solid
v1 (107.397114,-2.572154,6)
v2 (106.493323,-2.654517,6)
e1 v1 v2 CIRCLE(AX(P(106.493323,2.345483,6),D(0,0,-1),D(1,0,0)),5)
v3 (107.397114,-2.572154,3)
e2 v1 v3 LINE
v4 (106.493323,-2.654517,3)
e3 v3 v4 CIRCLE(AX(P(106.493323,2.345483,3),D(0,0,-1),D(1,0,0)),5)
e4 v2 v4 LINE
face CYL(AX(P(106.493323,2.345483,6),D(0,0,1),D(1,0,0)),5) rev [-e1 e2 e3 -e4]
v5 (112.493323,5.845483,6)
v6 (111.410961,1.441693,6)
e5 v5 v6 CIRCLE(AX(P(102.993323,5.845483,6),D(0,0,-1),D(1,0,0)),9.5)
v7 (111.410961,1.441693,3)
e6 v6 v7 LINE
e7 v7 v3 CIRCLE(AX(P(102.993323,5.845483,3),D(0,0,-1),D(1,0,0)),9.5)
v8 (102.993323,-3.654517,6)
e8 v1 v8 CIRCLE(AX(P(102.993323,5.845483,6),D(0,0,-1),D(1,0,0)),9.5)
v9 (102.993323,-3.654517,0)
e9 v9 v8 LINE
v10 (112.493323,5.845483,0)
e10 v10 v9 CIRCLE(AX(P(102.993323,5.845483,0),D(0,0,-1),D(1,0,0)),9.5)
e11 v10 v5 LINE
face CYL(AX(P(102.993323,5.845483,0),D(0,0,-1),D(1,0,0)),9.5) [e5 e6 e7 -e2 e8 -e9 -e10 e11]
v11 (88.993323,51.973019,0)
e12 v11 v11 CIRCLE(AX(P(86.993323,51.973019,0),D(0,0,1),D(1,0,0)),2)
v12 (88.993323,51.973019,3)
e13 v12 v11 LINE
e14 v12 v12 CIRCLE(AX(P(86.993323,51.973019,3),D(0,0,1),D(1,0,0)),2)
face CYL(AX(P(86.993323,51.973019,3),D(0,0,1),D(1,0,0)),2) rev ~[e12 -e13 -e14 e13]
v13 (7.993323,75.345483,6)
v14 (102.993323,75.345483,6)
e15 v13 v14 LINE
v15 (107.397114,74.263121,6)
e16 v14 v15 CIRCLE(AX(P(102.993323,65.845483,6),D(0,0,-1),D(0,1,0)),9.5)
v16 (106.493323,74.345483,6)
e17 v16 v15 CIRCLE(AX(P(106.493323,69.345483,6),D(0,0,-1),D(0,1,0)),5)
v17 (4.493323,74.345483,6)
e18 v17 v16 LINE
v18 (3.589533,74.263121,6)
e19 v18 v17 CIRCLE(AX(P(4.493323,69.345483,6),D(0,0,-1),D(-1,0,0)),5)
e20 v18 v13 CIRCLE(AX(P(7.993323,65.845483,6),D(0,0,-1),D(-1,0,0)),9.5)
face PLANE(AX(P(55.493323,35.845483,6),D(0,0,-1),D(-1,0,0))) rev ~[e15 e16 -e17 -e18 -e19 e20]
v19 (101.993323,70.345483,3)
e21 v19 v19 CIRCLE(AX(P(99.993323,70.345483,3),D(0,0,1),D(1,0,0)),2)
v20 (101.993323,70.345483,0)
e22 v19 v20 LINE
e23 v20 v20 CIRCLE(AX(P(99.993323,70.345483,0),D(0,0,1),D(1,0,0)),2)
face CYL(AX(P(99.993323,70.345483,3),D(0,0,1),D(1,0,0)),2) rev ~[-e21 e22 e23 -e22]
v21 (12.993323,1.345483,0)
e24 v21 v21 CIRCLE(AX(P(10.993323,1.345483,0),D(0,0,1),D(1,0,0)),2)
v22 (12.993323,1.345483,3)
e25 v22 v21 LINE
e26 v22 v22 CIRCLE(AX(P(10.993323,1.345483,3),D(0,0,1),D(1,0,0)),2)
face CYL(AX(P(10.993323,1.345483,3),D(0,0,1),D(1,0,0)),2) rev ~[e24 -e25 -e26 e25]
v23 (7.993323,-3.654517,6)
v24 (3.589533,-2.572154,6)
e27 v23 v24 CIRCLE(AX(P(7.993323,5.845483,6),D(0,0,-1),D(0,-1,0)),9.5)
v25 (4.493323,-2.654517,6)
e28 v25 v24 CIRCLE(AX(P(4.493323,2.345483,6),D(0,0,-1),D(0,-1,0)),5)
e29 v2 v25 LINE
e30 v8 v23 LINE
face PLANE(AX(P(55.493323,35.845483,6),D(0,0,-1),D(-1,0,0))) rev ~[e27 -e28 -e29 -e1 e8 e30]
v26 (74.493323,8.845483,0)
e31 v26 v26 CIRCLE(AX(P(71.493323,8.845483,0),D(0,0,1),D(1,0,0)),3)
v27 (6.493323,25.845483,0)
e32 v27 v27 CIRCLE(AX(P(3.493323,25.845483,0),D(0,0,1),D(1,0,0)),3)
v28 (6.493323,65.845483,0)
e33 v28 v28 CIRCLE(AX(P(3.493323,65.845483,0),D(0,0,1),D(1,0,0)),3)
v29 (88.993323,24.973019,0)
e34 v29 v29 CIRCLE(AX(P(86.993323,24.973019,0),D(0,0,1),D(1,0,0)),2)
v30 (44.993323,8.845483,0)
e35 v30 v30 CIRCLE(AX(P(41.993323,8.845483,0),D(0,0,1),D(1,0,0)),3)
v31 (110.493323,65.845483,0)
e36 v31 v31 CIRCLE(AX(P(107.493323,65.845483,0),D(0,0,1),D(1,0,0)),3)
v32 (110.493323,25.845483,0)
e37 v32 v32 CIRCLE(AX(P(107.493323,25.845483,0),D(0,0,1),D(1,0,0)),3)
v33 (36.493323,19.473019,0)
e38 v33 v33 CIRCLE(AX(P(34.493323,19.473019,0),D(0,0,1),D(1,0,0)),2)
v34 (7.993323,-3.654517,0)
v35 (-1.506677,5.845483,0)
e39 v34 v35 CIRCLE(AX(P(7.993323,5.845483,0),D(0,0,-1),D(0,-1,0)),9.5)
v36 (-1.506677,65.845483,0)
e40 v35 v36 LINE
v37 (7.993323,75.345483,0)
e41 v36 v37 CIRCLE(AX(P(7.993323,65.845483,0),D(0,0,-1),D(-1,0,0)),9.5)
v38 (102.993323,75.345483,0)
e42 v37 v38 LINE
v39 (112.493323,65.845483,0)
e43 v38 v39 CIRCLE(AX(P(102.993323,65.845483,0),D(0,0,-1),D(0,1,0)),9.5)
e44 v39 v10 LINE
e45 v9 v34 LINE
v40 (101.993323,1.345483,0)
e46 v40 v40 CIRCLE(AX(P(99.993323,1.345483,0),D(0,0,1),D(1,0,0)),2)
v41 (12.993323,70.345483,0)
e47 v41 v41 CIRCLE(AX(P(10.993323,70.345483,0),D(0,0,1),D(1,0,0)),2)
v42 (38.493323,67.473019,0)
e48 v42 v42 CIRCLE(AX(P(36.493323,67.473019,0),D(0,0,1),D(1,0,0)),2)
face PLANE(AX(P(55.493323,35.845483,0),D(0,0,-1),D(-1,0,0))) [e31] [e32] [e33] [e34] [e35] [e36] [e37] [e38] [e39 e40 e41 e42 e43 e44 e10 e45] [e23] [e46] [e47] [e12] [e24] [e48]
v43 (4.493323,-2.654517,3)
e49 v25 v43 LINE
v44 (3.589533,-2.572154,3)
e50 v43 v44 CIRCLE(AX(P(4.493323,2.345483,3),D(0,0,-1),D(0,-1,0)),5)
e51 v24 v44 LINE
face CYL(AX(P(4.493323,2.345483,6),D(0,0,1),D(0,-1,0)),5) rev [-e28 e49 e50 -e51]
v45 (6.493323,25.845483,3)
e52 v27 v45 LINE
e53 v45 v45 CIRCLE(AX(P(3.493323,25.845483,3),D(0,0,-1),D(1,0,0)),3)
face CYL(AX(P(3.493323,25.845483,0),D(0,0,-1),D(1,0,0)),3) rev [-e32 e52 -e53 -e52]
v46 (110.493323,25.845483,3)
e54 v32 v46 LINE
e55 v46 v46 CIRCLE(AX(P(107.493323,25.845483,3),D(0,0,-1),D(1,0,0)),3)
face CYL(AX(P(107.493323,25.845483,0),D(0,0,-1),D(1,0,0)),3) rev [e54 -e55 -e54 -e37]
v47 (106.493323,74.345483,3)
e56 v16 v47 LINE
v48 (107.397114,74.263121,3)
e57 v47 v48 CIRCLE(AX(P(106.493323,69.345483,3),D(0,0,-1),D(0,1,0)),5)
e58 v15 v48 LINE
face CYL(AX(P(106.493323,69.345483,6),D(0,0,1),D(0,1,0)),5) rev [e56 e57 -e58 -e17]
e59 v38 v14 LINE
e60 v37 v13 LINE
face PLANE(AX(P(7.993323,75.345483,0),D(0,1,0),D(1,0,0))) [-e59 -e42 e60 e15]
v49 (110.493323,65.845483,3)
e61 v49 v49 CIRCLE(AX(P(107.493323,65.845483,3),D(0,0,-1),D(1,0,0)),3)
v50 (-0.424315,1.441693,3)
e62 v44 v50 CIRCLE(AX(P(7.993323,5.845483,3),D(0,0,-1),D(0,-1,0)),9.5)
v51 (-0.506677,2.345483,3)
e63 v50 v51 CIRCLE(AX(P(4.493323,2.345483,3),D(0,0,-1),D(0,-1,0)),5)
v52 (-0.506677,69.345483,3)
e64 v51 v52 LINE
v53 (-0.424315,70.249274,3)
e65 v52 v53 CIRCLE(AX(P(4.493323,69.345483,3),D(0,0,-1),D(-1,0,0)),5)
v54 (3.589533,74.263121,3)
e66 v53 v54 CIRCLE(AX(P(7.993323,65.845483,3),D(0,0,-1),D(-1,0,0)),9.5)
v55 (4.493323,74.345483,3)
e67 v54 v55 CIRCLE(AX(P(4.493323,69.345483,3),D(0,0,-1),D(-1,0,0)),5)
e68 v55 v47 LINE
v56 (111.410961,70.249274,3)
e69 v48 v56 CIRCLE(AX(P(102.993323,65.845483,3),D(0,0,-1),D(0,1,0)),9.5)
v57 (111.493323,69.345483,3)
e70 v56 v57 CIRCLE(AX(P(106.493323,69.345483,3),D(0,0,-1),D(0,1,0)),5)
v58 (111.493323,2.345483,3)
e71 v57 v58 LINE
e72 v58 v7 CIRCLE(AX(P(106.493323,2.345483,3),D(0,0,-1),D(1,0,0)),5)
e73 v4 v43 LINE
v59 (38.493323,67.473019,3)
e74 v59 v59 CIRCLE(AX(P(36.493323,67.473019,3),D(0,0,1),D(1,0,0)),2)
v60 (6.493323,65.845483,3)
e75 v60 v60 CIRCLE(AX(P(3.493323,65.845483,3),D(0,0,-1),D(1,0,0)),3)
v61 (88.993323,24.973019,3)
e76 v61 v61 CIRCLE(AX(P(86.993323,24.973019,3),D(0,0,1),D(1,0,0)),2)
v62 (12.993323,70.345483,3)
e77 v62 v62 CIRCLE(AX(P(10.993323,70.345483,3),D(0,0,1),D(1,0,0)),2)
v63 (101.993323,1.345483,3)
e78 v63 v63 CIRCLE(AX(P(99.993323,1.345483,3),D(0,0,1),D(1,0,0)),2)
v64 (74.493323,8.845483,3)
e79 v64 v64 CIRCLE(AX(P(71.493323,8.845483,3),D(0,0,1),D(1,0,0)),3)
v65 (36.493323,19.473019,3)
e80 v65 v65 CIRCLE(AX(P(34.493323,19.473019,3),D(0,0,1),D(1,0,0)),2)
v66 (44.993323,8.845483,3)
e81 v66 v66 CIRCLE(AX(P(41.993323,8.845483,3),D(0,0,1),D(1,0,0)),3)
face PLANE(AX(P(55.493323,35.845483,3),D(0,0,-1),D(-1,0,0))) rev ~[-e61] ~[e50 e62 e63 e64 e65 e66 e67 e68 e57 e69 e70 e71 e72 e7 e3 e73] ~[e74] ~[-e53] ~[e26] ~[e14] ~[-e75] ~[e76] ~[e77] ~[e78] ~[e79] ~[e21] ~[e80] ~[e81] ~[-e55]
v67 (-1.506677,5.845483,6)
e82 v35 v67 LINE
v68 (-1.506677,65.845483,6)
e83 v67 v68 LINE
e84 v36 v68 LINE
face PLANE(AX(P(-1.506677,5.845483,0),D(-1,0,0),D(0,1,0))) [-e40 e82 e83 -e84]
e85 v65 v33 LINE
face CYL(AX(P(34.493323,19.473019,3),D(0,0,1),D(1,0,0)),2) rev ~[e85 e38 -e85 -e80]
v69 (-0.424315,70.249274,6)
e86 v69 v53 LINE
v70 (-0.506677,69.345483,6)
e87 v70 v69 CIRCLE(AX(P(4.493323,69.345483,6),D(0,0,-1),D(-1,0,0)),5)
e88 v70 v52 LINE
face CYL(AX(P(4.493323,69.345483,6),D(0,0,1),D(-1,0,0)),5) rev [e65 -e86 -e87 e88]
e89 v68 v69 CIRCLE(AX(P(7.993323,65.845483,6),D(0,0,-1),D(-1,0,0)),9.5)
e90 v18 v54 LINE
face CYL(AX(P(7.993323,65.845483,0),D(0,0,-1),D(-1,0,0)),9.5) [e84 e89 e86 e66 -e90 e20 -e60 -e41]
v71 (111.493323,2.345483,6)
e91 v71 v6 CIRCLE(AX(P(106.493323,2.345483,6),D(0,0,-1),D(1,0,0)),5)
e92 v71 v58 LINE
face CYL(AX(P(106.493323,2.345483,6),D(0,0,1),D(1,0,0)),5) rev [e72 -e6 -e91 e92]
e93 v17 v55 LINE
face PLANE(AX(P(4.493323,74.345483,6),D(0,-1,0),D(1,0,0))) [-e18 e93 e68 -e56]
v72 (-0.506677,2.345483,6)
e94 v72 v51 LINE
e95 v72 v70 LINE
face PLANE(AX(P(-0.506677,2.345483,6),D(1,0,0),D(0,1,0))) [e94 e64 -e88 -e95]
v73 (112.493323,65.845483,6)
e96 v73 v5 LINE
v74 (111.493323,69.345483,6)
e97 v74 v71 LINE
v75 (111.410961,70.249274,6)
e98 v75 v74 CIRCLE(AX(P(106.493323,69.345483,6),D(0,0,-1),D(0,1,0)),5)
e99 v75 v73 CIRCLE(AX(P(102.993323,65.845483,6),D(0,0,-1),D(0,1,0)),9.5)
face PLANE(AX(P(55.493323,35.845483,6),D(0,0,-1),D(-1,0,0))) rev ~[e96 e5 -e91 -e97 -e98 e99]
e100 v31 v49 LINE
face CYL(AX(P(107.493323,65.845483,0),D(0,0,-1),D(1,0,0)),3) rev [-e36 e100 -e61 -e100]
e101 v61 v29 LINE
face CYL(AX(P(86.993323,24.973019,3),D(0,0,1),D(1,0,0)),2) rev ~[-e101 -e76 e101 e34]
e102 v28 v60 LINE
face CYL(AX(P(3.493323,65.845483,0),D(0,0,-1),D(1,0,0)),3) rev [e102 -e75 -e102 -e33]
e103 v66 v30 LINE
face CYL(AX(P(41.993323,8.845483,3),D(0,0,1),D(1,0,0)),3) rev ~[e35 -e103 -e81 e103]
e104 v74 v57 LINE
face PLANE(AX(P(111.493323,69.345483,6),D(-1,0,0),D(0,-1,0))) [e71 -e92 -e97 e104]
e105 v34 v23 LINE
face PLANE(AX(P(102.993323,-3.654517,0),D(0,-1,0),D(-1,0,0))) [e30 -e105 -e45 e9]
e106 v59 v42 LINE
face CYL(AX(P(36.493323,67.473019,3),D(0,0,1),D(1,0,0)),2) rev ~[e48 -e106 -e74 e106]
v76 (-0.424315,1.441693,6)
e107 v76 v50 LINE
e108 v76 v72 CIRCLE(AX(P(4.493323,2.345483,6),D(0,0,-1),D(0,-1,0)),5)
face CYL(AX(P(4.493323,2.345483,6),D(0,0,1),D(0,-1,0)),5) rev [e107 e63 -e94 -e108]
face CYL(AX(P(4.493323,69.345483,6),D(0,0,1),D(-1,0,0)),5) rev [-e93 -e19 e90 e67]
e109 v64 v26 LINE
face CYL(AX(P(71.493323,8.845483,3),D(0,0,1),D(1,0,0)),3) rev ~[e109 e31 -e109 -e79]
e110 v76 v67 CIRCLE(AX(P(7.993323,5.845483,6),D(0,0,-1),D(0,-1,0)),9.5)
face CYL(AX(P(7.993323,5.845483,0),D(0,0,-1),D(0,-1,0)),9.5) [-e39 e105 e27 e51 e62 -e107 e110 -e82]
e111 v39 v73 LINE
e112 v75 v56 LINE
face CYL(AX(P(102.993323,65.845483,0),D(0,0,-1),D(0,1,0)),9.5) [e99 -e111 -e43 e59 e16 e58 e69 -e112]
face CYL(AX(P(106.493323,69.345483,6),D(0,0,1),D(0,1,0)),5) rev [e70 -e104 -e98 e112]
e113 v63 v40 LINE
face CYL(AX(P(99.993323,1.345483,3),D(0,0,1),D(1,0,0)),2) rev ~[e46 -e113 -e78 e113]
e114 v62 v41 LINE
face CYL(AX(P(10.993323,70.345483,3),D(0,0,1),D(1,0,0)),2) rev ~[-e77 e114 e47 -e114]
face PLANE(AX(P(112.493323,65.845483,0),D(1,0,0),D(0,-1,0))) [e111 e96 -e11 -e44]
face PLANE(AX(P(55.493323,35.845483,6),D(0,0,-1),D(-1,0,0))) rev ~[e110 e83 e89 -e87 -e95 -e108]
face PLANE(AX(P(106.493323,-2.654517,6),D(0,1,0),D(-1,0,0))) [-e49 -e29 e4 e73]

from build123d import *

# Parameters (mm, degrees)
ESQUISSE1_R             = 3
BOSS_EXTRU_3_DEPTH      = 6
ENL_V_MAT_EXTRU_2_DEPTH = 3
ESQUISSE5_R             = 2
ESQUISSE5_R_2           = 3
ENL_V_MAT_EXTRU_3_DEPTH = 3


with BuildPart() as part:
    # Esquisse1 → Boss.-Extru.3 (new body)
    with BuildSketch(Plane.XY):
        with BuildLine():
            Line((7.993323256, 75.345483427), (102.993323256, 75.345483427))
            ThreePointArc((102.993323256, 75.345483427), (109.710837677, 72.562997848), (112.493323256, 65.845483427))
            Line((112.493323256, 65.845483427), (112.493323256, 5.845483427))
            ThreePointArc((112.493323256, 5.845483427), (109.710837677, -0.872030995), (102.993323256, -3.654516573))
            Line((102.993323256, -3.654516573), (7.993323256, -3.654516573))
            ThreePointArc((7.993323256, -3.654516573), (1.275808835, -0.872030995), (-1.506676744, 5.845483427))
            Line((-1.506676744, 5.845483427), (-1.506676744, 65.845483427))
            ThreePointArc((-1.506676744, 65.845483427), (1.275808835, 72.562997848), (7.993323256, 75.345483427))
        make_face()
        with Locations((107.493323256, 65.845483427)):
            Circle(ESQUISSE1_R, mode=Mode.SUBTRACT)
        with Locations((107.493323256, 25.845483427)):
            Circle(ESQUISSE1_R, mode=Mode.SUBTRACT)
        with Locations((3.493323256, 65.845483427)):
            Circle(ESQUISSE1_R, mode=Mode.SUBTRACT)
        with Locations((3.493323256, 25.845483427)):
            Circle(ESQUISSE1_R, mode=Mode.SUBTRACT)
    extrude(amount=BOSS_EXTRU_3_DEPTH)

    # Esquisse3 → Enlèv. mat.-Extru.2 (cut)
    with BuildSketch(Plane.XY.offset(6)):
        with BuildLine():
            Line((4.493323256, 74.345483427), (106.493323256, 74.345483427))
            ThreePointArc((106.493323256, 74.345483427), (110.028857162, 72.881017333), (111.493323256, 69.345483427))
            Line((111.493323256, 69.345483427), (111.493323256, 2.345483427))
            ThreePointArc((111.493323256, 2.345483427), (110.028857162, -1.190050479), (106.493323256, -2.654516573))
            Line((106.493323256, -2.654516573), (4.493323256, -2.654516573))
            ThreePointArc((4.493323256, -2.654516573), (0.95778935, -1.190050479), (-0.506676744, 2.345483427))
            Line((-0.506676744, 2.345483427), (-0.506676744, 69.345483427))
            ThreePointArc((-0.506676744, 69.345483427), (0.95778935, 72.881017333), (4.493323256, 74.345483427))
        make_face()
    extrude(amount=-ENL_V_MAT_EXTRU_2_DEPTH, mode=Mode.SUBTRACT)

    # Esquisse5 → Enlèv. mat.-Extru.3 (cut)
    with BuildSketch(Plane.XY.offset(3)):
        with Locations((10.993323256, 70.345483427)):
            Circle(ESQUISSE5_R)
        with Locations((99.993323256, 70.345483427)):
            Circle(ESQUISSE5_R)
        with Locations((10.993323256, 1.345483427)):
            Circle(ESQUISSE5_R)
        with Locations((99.993323256, 1.345483427)):
            Circle(ESQUISSE5_R)
        with Locations((41.993323256, 8.845483427)):
            Circle(ESQUISSE5_R_2)
        with Locations((71.493323256, 8.845483427)):
            Circle(ESQUISSE5_R_2)
        with Locations((36.493323256, 67.473019046)):
            Circle(ESQUISSE5_R)
        with Locations((34.493323256, 19.473019046)):
            Circle(ESQUISSE5_R)
        with Locations((86.993323256, 51.973019046)):
            Circle(ESQUISSE5_R)
        with Locations((86.993323256, 24.973019046)):
            Circle(ESQUISSE5_R)
    extrude(amount=-ENL_V_MAT_EXTRU_3_DEPTH, mode=Mode.SUBTRACT)


solid = part.part
